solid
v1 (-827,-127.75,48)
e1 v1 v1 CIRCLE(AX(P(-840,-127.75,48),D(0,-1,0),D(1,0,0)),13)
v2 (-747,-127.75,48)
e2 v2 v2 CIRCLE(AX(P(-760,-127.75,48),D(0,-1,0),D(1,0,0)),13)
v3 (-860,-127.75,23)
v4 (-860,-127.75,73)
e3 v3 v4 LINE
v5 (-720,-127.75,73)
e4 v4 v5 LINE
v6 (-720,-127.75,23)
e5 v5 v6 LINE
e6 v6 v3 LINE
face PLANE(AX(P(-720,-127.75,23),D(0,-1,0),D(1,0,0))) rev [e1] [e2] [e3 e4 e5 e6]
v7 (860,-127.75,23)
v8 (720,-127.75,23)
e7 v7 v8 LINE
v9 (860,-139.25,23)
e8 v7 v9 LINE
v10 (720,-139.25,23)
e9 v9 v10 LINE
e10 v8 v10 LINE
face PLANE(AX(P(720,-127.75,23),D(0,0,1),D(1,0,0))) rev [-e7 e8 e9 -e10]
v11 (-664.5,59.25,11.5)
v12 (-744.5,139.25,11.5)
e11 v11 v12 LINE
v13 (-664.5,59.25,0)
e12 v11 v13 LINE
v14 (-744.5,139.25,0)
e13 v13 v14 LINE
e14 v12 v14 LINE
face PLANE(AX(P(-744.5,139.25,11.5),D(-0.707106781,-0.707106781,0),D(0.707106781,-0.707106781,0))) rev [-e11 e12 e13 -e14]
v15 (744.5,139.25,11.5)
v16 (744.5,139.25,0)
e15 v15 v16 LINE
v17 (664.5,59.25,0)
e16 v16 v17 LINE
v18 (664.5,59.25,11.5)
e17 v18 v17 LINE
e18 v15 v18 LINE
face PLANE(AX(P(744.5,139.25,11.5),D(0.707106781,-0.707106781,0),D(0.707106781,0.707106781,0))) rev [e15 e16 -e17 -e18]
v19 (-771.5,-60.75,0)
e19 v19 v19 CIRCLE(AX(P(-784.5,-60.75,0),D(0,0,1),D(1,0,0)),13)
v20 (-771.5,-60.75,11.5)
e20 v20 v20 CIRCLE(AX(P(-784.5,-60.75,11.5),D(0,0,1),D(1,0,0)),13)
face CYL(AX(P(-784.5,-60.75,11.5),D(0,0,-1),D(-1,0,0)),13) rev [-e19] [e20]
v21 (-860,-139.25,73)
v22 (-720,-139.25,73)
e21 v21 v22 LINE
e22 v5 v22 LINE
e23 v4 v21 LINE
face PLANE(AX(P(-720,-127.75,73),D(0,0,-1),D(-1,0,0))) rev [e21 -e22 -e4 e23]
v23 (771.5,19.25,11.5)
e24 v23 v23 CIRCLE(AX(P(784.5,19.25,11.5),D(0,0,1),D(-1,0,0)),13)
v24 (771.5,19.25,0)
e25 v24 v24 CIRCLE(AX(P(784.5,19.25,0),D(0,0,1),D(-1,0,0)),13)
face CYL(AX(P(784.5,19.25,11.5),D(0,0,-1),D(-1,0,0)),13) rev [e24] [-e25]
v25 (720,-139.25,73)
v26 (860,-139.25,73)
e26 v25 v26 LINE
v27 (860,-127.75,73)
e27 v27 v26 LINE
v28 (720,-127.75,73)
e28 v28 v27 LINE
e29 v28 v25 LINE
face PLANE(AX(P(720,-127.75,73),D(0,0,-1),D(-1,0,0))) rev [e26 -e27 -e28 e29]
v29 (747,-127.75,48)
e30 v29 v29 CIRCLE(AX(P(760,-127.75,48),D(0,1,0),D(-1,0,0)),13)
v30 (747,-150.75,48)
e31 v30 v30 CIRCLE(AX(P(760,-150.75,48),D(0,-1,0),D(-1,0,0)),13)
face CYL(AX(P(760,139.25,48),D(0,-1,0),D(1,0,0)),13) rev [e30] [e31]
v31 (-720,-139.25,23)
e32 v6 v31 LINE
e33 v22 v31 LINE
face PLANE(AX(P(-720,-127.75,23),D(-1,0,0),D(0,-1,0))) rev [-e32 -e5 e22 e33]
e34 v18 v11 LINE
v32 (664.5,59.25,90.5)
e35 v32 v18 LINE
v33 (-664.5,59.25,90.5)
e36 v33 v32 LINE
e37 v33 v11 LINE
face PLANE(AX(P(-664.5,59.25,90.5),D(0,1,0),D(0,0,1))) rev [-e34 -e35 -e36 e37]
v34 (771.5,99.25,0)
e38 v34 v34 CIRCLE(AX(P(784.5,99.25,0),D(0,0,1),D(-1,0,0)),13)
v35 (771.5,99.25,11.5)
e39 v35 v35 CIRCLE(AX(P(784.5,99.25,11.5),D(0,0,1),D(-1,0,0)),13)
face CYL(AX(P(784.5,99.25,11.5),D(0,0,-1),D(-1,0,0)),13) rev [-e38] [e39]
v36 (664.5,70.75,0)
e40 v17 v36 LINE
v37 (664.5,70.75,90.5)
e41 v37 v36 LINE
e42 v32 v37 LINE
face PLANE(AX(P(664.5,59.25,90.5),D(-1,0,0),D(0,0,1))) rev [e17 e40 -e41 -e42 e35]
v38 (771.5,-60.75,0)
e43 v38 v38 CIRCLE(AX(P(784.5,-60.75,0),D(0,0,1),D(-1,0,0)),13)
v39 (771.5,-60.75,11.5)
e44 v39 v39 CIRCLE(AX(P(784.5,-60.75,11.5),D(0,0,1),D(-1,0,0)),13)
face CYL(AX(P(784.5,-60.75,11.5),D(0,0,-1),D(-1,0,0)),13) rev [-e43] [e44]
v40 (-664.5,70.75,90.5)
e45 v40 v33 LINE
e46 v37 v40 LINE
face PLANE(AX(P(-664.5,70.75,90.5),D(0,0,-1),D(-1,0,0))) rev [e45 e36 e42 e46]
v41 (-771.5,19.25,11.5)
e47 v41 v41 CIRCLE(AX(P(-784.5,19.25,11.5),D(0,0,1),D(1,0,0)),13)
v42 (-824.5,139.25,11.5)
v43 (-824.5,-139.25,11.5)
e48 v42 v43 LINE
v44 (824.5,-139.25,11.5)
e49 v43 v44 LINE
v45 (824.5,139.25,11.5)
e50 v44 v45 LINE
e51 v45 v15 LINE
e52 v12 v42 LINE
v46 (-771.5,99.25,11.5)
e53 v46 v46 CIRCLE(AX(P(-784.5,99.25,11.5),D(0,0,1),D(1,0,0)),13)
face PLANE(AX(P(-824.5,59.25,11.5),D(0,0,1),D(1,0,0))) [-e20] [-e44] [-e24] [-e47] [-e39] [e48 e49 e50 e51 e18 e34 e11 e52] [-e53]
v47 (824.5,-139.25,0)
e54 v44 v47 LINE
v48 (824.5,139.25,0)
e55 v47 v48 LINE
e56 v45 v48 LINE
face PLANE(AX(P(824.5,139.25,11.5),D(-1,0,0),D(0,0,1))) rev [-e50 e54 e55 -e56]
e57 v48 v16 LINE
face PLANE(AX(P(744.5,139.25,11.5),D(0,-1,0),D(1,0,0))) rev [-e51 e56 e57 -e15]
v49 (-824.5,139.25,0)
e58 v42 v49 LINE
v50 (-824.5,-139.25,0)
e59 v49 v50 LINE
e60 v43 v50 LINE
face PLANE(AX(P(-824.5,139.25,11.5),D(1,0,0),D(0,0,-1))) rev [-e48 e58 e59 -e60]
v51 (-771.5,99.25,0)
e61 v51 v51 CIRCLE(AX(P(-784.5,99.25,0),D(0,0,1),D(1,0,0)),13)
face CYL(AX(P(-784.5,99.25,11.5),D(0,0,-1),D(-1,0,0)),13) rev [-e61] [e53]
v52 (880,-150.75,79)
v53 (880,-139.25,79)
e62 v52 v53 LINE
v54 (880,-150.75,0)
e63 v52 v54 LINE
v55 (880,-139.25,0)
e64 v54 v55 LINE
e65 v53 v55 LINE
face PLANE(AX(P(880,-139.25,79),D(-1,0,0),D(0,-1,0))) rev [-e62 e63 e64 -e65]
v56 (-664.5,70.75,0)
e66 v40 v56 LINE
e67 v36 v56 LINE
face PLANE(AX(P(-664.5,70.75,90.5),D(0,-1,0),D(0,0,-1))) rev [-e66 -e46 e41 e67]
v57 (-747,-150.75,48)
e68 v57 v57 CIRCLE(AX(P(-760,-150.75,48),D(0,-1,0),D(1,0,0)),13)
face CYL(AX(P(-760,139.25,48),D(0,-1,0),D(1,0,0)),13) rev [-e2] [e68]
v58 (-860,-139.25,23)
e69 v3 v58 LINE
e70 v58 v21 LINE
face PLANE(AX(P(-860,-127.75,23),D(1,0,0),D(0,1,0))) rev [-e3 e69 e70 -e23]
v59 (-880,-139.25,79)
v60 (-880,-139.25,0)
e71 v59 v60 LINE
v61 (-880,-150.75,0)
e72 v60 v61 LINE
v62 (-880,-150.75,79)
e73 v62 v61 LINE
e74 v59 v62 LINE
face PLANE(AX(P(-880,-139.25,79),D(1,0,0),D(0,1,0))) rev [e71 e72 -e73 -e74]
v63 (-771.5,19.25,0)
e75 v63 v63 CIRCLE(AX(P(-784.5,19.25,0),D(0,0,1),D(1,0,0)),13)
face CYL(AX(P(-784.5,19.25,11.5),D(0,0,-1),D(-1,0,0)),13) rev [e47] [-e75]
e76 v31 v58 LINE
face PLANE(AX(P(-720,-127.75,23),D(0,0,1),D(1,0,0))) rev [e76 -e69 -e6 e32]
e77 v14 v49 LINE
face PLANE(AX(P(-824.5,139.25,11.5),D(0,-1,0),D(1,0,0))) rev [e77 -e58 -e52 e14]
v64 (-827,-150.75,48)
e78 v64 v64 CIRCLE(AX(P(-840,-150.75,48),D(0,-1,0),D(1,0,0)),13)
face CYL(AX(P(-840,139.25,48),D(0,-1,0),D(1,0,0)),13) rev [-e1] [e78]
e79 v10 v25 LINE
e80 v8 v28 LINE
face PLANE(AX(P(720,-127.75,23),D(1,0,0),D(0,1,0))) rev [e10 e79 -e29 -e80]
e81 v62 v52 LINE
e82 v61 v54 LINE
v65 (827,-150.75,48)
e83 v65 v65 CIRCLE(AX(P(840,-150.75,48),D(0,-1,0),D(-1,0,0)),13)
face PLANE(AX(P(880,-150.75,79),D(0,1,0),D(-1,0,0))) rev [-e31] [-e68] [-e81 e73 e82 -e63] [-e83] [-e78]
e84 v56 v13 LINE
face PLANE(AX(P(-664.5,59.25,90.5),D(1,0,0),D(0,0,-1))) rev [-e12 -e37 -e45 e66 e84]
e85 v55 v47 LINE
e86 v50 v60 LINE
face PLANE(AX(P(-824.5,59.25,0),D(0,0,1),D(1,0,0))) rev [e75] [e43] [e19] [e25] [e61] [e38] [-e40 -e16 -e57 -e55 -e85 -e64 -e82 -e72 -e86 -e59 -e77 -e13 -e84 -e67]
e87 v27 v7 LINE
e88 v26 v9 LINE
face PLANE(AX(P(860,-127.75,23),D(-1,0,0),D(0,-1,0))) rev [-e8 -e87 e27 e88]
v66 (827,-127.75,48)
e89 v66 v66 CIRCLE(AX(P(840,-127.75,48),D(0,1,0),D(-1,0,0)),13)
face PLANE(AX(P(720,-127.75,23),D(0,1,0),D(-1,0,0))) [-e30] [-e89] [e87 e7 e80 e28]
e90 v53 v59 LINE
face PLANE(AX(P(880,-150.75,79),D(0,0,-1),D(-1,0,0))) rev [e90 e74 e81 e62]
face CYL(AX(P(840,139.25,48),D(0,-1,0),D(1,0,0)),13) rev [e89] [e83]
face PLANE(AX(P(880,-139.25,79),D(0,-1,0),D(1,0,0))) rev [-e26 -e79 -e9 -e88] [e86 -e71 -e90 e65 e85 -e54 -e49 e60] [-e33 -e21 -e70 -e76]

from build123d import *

# Parameters (mm, degrees)
SKETCH_1_R           = 13
EXTRUDE_591_DEPTH    = 11.5
EXTRUDE_7_DEPTH      = 79
EXTRUDE_7_DEPTH_BACK = 11.5
SKETCH_2_W           = 1329
SKETCH_2_H           = 11.5
EXTRUDE_9_DEPTH      = 67.5
EXTRUDE_9_DEPTH_BACK = 11.5
SKETCH_3_W           = 1760
SKETCH_3_H           = 11.5
SKETCH_4_W           = 140
SKETCH_4_H           = 50
EXTRUDE_10_DEPTH     = 11.5
SKETCH_6_R           = 13
CUT_EXTRUDE_1_DEPTH  = 931.962002447


with BuildPart() as part:
    # 草图1 → Extrude 591 (new body)
    with BuildSketch(Plane.XY):
        Polygon((-744.5, 139.25), (-664.5, 59.25), (664.5, 59.25), (744.5, 139.25), (824.5, 139.25), (824.5, -139.25), (-824.5, -139.25), (-824.5, 139.25), align=None)
        with Locations((-784.5, 99.25)):
            Circle(SKETCH_1_R, mode=Mode.SUBTRACT)
        with Locations((-784.5, 19.25)):
            Circle(SKETCH_1_R, mode=Mode.SUBTRACT)
        with Locations((-784.5, -60.75)):
            Circle(SKETCH_1_R, mode=Mode.SUBTRACT)
        with Locations(Location((784.5, -60.75, 0), (0, 0, 180))):
            Circle(SKETCH_1_R, mode=Mode.SUBTRACT)
        with Locations(Location((784.5, 19.25, 0), (0, 0, 180))):
            Circle(SKETCH_1_R, mode=Mode.SUBTRACT)
        with Locations(Location((784.5, 99.25, 0), (0, 0, 180))):
            Circle(SKETCH_1_R, mode=Mode.SUBTRACT)
    extrude(amount=EXTRUDE_591_DEPTH)

    # 草图2 → 凸台-拉伸7 (add, two sides: drawn at the far end of the back side and taken through both)
    with BuildSketch(Plane.XY.offset(11.5).offset(-EXTRUDE_7_DEPTH_BACK)):
        with Locations((0, 65)):
            Rectangle(SKETCH_2_W, SKETCH_2_H)
    extrude(amount=EXTRUDE_7_DEPTH + EXTRUDE_7_DEPTH_BACK)

    # 草图3 → 凸台-拉伸9 (add, two sides: drawn at the far end of the back side and taken through both)
    with BuildSketch(Plane.XY.offset(11.5).offset(-EXTRUDE_9_DEPTH_BACK)):
        with Locations((0, -145)):
            Rectangle(SKETCH_3_W, SKETCH_3_H)
    extrude(amount=EXTRUDE_9_DEPTH + EXTRUDE_9_DEPTH_BACK)

    # 草图4 → 凸台-拉伸10 (add)
    with BuildSketch(Plane(origin=(0, -139.25, 0), x_dir=(-1, 0, 0), z_dir=(0, 1, 0))):
        with Locations((-790, 48)):
            Rectangle(SKETCH_4_W, SKETCH_4_H)
        with Locations((790, 48)):
            Rectangle(SKETCH_4_W, SKETCH_4_H)
    extrude(amount=EXTRUDE_10_DEPTH)

    # 草图6 → 切除-拉伸1 (cut, through all)
    with BuildSketch(Plane.XZ.offset(150.75)):
        with Locations((-840, 48)):
            Circle(SKETCH_6_R)
        with Locations((-760, 48)):
            Circle(SKETCH_6_R)
        with Locations(Location((760, 48, 0), (0, 0, 180))):
            Circle(SKETCH_6_R)
        with Locations(Location((840, 48, 0), (0, 0, 180))):
            Circle(SKETCH_6_R)
    extrude(amount=-CUT_EXTRUDE_1_DEPTH, mode=Mode.SUBTRACT)


solid = part.part
